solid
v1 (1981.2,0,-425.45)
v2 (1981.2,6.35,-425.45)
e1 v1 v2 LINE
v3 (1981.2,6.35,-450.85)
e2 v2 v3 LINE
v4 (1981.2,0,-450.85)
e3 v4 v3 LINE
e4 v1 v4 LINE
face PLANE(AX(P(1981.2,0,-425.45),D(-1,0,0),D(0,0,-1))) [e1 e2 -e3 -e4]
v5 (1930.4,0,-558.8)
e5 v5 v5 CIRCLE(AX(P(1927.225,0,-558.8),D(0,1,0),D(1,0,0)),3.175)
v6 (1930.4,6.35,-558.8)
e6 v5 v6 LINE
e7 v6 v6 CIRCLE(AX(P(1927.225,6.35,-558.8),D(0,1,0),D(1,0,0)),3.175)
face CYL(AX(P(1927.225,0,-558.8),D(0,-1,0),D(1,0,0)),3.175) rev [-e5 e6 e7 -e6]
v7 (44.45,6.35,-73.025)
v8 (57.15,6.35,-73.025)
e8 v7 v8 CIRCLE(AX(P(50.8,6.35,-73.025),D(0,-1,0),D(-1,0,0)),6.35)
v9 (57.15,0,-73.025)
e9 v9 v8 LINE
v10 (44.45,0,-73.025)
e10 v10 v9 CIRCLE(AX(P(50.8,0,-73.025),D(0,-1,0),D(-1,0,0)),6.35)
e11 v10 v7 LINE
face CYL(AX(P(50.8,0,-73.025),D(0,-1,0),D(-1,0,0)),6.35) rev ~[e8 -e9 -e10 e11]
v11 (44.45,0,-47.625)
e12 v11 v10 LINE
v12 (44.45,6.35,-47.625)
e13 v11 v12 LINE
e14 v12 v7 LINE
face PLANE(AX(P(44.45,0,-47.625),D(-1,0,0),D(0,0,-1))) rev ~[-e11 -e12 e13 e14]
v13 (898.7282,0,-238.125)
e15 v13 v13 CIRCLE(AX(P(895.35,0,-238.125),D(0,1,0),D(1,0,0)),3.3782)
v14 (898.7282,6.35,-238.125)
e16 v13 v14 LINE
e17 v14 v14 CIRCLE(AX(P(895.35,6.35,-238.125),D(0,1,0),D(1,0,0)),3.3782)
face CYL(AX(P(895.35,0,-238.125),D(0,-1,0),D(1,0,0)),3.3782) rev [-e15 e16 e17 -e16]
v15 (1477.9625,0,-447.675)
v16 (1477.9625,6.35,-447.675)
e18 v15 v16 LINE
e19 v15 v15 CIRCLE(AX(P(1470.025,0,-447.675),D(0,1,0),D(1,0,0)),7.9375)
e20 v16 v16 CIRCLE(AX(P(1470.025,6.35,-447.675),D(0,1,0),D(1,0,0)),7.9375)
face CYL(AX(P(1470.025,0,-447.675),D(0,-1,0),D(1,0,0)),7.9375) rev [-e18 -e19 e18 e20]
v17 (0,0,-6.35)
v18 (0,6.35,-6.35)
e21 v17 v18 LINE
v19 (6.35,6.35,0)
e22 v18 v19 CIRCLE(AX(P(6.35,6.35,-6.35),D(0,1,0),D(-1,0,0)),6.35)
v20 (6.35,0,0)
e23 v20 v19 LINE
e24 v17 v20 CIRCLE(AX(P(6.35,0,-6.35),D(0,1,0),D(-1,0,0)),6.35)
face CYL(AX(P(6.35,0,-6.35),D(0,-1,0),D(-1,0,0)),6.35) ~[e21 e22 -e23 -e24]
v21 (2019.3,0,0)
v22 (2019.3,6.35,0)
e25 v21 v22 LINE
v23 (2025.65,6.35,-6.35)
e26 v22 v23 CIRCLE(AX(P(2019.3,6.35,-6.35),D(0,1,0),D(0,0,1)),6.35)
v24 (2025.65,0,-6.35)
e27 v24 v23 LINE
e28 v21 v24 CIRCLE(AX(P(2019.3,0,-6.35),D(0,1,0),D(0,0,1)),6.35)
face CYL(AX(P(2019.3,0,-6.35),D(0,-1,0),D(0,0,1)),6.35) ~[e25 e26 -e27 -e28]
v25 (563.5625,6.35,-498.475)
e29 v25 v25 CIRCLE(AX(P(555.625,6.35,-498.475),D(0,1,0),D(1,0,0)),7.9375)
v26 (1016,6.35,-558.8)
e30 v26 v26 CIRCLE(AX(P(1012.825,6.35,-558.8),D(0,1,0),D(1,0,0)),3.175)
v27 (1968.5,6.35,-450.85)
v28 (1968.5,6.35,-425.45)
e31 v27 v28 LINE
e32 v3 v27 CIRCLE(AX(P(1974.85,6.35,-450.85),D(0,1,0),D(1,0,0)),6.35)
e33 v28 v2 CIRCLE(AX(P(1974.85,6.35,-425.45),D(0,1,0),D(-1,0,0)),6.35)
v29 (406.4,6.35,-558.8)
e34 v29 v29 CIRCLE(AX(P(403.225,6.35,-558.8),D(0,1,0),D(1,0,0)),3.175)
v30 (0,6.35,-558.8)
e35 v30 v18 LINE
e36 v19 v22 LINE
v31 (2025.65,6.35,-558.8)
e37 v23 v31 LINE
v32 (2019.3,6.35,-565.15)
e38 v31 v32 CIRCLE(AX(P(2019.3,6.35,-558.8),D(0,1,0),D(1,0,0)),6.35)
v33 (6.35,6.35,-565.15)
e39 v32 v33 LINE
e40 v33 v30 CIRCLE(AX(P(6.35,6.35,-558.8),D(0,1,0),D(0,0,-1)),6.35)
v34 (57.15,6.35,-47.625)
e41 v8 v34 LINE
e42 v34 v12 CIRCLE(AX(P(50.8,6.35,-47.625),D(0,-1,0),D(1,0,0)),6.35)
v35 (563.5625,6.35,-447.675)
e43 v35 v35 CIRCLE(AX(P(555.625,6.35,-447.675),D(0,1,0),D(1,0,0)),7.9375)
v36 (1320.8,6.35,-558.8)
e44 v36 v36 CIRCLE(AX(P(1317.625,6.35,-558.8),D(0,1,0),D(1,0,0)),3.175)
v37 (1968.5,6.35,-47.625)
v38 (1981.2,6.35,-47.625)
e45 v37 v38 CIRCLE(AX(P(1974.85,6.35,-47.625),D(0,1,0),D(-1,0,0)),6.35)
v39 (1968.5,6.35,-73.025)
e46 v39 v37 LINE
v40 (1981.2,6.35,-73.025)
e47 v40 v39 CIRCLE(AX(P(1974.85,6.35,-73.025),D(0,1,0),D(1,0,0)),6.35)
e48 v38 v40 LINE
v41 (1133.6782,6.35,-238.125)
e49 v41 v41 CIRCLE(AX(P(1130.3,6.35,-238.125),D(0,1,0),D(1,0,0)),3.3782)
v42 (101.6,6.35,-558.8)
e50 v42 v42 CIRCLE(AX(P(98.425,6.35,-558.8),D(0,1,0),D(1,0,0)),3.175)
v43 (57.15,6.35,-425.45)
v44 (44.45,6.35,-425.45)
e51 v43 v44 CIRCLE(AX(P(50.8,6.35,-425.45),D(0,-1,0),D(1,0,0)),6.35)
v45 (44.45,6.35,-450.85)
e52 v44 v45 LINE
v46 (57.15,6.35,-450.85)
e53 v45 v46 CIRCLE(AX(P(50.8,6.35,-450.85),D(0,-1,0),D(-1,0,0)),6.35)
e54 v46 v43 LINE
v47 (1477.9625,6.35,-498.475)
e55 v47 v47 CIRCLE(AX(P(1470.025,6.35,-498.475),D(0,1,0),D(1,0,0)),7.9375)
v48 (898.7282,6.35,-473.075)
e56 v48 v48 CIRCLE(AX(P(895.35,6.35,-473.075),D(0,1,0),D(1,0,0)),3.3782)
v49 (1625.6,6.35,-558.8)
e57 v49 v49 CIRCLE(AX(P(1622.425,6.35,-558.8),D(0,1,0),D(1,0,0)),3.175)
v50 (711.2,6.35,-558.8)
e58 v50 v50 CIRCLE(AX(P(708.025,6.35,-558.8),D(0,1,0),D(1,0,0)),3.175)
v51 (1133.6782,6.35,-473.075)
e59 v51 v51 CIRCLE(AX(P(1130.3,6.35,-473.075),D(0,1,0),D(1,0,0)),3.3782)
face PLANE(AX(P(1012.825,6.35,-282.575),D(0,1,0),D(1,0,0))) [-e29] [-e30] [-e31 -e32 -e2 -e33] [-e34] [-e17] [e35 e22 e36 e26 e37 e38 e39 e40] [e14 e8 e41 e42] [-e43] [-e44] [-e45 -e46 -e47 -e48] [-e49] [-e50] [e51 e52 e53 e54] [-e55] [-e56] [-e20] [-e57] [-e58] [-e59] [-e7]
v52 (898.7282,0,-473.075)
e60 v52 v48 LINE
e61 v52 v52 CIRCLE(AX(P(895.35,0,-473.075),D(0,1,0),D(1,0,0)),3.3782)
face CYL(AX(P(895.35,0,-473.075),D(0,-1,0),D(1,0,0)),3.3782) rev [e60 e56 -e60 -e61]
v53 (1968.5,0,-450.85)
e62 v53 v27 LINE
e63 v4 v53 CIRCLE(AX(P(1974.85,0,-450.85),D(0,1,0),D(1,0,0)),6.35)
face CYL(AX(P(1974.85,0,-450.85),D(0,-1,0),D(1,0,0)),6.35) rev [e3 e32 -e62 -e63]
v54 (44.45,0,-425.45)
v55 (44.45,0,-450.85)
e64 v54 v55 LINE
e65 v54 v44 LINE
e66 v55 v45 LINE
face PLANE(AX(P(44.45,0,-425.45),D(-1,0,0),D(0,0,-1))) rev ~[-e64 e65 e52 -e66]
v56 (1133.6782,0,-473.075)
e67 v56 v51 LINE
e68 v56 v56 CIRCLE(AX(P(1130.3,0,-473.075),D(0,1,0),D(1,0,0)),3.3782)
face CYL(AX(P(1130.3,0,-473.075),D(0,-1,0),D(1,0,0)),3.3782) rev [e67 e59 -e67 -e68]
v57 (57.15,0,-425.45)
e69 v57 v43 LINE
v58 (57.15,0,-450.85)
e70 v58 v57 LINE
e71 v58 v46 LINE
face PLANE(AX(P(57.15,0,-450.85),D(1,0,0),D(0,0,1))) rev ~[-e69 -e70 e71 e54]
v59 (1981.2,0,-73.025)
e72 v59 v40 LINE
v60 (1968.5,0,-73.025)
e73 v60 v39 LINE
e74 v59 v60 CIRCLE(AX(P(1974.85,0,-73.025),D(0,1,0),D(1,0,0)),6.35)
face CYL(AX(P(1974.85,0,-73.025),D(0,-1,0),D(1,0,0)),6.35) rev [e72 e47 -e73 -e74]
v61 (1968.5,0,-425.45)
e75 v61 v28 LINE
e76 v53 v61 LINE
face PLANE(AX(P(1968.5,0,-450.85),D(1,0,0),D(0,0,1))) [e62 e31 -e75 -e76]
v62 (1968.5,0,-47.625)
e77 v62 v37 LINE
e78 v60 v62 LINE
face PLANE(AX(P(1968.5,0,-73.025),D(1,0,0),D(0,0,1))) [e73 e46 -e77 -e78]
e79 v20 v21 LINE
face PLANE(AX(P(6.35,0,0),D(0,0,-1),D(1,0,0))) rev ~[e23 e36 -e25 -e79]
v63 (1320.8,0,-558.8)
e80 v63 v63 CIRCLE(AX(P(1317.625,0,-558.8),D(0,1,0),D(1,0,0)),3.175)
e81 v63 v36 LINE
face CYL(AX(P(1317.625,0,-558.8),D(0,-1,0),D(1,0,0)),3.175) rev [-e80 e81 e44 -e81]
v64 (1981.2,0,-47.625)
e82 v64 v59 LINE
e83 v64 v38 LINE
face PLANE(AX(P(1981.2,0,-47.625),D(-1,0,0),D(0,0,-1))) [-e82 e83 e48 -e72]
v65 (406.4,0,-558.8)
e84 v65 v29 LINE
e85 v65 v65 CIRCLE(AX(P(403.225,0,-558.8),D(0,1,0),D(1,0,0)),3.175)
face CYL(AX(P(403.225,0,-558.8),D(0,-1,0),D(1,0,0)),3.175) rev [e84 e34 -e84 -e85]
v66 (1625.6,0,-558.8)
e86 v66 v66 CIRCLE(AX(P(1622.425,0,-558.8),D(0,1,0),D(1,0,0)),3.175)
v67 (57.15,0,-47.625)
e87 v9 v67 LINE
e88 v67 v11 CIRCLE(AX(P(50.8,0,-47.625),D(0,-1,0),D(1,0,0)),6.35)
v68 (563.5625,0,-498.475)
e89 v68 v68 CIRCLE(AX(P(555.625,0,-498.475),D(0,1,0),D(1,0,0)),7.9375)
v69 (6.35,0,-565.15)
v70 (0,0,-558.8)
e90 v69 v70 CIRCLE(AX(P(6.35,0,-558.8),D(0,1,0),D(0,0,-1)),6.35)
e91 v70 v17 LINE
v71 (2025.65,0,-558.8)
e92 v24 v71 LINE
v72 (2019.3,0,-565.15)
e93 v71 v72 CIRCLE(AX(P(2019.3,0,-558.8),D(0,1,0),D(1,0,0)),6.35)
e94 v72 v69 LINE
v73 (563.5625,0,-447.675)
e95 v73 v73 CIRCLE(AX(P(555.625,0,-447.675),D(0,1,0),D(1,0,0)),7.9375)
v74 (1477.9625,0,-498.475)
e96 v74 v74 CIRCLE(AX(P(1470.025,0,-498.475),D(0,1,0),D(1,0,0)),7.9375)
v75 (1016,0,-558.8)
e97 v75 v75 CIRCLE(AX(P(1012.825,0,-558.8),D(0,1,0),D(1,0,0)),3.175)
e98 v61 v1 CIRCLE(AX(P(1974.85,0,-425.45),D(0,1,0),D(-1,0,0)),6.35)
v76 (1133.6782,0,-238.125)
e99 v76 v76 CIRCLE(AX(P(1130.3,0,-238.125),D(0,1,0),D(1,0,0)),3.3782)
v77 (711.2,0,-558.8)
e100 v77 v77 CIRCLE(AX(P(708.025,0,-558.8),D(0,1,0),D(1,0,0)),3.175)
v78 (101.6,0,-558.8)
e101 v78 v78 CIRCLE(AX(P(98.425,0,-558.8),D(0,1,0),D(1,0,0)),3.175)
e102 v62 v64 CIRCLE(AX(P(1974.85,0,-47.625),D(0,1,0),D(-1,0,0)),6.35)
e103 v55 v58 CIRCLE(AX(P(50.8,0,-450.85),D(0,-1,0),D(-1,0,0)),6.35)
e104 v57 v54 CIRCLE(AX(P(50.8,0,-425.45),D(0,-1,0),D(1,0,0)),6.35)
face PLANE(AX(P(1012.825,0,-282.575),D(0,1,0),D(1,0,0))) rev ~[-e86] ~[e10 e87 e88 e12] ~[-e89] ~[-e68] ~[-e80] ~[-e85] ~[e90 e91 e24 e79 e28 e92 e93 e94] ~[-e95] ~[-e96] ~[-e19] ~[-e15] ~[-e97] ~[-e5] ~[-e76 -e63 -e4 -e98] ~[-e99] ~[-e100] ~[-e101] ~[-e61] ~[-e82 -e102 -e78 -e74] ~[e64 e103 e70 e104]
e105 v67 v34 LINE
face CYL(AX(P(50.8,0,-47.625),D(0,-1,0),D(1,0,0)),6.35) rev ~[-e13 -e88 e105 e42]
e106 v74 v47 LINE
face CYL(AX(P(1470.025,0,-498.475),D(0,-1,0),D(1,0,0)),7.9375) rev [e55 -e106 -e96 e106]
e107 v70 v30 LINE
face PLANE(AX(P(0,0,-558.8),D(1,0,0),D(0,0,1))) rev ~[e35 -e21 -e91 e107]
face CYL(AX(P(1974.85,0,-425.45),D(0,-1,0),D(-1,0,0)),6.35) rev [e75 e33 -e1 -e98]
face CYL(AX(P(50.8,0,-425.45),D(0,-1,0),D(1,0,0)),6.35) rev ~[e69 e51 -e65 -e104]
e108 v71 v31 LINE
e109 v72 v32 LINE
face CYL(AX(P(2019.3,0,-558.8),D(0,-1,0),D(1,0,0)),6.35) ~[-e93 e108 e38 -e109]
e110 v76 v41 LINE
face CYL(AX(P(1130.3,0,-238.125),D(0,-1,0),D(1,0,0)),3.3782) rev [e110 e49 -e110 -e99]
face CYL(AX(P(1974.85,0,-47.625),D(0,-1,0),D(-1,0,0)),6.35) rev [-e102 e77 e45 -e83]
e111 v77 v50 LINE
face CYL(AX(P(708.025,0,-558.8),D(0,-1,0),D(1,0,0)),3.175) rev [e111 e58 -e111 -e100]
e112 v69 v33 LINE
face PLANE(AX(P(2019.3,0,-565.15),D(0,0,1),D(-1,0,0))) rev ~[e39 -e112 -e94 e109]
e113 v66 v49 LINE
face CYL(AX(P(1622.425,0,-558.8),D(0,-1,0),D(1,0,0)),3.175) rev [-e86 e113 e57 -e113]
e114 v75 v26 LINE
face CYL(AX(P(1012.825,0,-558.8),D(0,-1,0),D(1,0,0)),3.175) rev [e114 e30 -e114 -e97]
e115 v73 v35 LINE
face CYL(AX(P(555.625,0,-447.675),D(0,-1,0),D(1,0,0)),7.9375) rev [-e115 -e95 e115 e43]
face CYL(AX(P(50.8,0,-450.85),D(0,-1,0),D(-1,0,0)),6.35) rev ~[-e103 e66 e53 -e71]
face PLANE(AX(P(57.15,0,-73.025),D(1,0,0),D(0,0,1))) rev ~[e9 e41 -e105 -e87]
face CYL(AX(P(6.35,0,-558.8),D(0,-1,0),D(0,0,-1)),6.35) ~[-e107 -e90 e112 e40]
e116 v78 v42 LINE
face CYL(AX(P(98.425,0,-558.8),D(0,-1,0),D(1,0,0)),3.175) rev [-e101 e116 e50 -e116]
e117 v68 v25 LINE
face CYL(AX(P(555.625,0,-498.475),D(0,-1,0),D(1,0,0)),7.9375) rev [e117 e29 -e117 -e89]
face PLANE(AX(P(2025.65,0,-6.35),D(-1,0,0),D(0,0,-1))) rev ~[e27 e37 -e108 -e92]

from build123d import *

# Parameters (mm, degrees)
SKETCH1_R           = 7.9375
SKETCH1_R_2         = 3.3782
SKETCH1_R_3         = 3.175
BOSS_EXTRUDE1_DEPTH = 6.35


with BuildPart() as part:
    # Sketch1 → Boss-Extrude1 (new body)
    with BuildSketch(Plane(origin=(0, 0, 0), x_dir=(1, 0, 0), z_dir=(0, 1, 0))):
        with BuildLine():
            Line((6.35, 0), (2019.3, 0))
            ThreePointArc((2019.3, 0), (2023.790128061, 1.859871939), (2025.65, 6.35))
            Line((2025.65, 6.35), (2025.65, 558.8))
            ThreePointArc((2025.65, 558.8), (2023.790128061, 563.290128061), (2019.3, 565.15))
            Line((2019.3, 565.15), (6.35, 565.15))
            ThreePointArc((6.35, 565.15), (1.859871939, 563.290128061), (0, 558.8))
            Line((0, 558.8), (0, 6.35))
            ThreePointArc((0, 6.35), (1.859871939, 1.859871939), (6.35, 0))
        make_face()
        with Locations((555.625, 447.675)):
            Circle(SKETCH1_R, mode=Mode.SUBTRACT)
        with Locations((1470.025, 447.675)):
            Circle(SKETCH1_R, mode=Mode.SUBTRACT)
        with Locations((895.35, 473.075)):
            Circle(SKETCH1_R_2, mode=Mode.SUBTRACT)
        with Locations((1130.3, 473.075)):
            Circle(SKETCH1_R_2, mode=Mode.SUBTRACT)
        with Locations((1130.3, 238.125)):
            Circle(SKETCH1_R_2, mode=Mode.SUBTRACT)
        with Locations((895.35, 238.125)):
            Circle(SKETCH1_R_2, mode=Mode.SUBTRACT)
        with Locations((555.625, 498.475)):
            Circle(SKETCH1_R, mode=Mode.SUBTRACT)
        with Locations((1470.025, 498.475)):
            Circle(SKETCH1_R, mode=Mode.SUBTRACT)
        with Locations((1927.225, 558.8)):
            Circle(SKETCH1_R_3, mode=Mode.SUBTRACT)
        with Locations((1622.425, 558.8)):
            Circle(SKETCH1_R_3, mode=Mode.SUBTRACT)
        with Locations((1317.625, 558.8)):
            Circle(SKETCH1_R_3, mode=Mode.SUBTRACT)
        with Locations((1012.825, 558.8)):
            Circle(SKETCH1_R_3, mode=Mode.SUBTRACT)
        with Locations((708.025, 558.8)):
            Circle(SKETCH1_R_3, mode=Mode.SUBTRACT)
        with Locations((403.225, 558.8)):
            Circle(SKETCH1_R_3, mode=Mode.SUBTRACT)
        with Locations((98.425, 558.8)):
            Circle(SKETCH1_R_3, mode=Mode.SUBTRACT)
        with BuildLine():
            Line((57.15, 73.025), (57.15, 47.625))
            ThreePointArc((57.15, 47.625), (50.8, 41.275), (44.45, 47.625))
            Line((44.45, 47.625), (44.45, 73.025))
            ThreePointArc((44.45, 73.025), (50.8, 79.375), (57.15, 73.025))
        make_face(mode=Mode.SUBTRACT)
        with BuildLine():
            Line((1968.5, 73.025), (1968.5, 47.625))
            ThreePointArc((1968.5, 47.625), (1974.85, 41.275), (1981.2, 47.625))
            Line((1981.2, 47.625), (1981.2, 73.025))
            ThreePointArc((1981.2, 73.025), (1974.85, 79.375), (1968.5, 73.025))
        make_face(mode=Mode.SUBTRACT)
        with BuildLine():
            Line((44.45, 425.45), (44.45, 450.85))
            ThreePointArc((44.45, 450.85), (50.8, 457.2), (57.15, 450.85))
            Line((57.15, 450.85), (57.15, 425.45))
            ThreePointArc((57.15, 425.45), (50.8, 419.1), (44.45, 425.45))
        make_face(mode=Mode.SUBTRACT)
        with BuildLine():
            Line((1981.2, 425.45), (1981.2, 450.85))
            ThreePointArc((1981.2, 450.85), (1974.85, 457.2), (1968.5, 450.85))
            Line((1968.5, 450.85), (1968.5, 425.45))
            ThreePointArc((1968.5, 425.45), (1974.85, 419.1), (1981.2, 425.45))
        make_face(mode=Mode.SUBTRACT)
    extrude(amount=BOSS_EXTRUDE1_DEPTH)


solid = part.part
